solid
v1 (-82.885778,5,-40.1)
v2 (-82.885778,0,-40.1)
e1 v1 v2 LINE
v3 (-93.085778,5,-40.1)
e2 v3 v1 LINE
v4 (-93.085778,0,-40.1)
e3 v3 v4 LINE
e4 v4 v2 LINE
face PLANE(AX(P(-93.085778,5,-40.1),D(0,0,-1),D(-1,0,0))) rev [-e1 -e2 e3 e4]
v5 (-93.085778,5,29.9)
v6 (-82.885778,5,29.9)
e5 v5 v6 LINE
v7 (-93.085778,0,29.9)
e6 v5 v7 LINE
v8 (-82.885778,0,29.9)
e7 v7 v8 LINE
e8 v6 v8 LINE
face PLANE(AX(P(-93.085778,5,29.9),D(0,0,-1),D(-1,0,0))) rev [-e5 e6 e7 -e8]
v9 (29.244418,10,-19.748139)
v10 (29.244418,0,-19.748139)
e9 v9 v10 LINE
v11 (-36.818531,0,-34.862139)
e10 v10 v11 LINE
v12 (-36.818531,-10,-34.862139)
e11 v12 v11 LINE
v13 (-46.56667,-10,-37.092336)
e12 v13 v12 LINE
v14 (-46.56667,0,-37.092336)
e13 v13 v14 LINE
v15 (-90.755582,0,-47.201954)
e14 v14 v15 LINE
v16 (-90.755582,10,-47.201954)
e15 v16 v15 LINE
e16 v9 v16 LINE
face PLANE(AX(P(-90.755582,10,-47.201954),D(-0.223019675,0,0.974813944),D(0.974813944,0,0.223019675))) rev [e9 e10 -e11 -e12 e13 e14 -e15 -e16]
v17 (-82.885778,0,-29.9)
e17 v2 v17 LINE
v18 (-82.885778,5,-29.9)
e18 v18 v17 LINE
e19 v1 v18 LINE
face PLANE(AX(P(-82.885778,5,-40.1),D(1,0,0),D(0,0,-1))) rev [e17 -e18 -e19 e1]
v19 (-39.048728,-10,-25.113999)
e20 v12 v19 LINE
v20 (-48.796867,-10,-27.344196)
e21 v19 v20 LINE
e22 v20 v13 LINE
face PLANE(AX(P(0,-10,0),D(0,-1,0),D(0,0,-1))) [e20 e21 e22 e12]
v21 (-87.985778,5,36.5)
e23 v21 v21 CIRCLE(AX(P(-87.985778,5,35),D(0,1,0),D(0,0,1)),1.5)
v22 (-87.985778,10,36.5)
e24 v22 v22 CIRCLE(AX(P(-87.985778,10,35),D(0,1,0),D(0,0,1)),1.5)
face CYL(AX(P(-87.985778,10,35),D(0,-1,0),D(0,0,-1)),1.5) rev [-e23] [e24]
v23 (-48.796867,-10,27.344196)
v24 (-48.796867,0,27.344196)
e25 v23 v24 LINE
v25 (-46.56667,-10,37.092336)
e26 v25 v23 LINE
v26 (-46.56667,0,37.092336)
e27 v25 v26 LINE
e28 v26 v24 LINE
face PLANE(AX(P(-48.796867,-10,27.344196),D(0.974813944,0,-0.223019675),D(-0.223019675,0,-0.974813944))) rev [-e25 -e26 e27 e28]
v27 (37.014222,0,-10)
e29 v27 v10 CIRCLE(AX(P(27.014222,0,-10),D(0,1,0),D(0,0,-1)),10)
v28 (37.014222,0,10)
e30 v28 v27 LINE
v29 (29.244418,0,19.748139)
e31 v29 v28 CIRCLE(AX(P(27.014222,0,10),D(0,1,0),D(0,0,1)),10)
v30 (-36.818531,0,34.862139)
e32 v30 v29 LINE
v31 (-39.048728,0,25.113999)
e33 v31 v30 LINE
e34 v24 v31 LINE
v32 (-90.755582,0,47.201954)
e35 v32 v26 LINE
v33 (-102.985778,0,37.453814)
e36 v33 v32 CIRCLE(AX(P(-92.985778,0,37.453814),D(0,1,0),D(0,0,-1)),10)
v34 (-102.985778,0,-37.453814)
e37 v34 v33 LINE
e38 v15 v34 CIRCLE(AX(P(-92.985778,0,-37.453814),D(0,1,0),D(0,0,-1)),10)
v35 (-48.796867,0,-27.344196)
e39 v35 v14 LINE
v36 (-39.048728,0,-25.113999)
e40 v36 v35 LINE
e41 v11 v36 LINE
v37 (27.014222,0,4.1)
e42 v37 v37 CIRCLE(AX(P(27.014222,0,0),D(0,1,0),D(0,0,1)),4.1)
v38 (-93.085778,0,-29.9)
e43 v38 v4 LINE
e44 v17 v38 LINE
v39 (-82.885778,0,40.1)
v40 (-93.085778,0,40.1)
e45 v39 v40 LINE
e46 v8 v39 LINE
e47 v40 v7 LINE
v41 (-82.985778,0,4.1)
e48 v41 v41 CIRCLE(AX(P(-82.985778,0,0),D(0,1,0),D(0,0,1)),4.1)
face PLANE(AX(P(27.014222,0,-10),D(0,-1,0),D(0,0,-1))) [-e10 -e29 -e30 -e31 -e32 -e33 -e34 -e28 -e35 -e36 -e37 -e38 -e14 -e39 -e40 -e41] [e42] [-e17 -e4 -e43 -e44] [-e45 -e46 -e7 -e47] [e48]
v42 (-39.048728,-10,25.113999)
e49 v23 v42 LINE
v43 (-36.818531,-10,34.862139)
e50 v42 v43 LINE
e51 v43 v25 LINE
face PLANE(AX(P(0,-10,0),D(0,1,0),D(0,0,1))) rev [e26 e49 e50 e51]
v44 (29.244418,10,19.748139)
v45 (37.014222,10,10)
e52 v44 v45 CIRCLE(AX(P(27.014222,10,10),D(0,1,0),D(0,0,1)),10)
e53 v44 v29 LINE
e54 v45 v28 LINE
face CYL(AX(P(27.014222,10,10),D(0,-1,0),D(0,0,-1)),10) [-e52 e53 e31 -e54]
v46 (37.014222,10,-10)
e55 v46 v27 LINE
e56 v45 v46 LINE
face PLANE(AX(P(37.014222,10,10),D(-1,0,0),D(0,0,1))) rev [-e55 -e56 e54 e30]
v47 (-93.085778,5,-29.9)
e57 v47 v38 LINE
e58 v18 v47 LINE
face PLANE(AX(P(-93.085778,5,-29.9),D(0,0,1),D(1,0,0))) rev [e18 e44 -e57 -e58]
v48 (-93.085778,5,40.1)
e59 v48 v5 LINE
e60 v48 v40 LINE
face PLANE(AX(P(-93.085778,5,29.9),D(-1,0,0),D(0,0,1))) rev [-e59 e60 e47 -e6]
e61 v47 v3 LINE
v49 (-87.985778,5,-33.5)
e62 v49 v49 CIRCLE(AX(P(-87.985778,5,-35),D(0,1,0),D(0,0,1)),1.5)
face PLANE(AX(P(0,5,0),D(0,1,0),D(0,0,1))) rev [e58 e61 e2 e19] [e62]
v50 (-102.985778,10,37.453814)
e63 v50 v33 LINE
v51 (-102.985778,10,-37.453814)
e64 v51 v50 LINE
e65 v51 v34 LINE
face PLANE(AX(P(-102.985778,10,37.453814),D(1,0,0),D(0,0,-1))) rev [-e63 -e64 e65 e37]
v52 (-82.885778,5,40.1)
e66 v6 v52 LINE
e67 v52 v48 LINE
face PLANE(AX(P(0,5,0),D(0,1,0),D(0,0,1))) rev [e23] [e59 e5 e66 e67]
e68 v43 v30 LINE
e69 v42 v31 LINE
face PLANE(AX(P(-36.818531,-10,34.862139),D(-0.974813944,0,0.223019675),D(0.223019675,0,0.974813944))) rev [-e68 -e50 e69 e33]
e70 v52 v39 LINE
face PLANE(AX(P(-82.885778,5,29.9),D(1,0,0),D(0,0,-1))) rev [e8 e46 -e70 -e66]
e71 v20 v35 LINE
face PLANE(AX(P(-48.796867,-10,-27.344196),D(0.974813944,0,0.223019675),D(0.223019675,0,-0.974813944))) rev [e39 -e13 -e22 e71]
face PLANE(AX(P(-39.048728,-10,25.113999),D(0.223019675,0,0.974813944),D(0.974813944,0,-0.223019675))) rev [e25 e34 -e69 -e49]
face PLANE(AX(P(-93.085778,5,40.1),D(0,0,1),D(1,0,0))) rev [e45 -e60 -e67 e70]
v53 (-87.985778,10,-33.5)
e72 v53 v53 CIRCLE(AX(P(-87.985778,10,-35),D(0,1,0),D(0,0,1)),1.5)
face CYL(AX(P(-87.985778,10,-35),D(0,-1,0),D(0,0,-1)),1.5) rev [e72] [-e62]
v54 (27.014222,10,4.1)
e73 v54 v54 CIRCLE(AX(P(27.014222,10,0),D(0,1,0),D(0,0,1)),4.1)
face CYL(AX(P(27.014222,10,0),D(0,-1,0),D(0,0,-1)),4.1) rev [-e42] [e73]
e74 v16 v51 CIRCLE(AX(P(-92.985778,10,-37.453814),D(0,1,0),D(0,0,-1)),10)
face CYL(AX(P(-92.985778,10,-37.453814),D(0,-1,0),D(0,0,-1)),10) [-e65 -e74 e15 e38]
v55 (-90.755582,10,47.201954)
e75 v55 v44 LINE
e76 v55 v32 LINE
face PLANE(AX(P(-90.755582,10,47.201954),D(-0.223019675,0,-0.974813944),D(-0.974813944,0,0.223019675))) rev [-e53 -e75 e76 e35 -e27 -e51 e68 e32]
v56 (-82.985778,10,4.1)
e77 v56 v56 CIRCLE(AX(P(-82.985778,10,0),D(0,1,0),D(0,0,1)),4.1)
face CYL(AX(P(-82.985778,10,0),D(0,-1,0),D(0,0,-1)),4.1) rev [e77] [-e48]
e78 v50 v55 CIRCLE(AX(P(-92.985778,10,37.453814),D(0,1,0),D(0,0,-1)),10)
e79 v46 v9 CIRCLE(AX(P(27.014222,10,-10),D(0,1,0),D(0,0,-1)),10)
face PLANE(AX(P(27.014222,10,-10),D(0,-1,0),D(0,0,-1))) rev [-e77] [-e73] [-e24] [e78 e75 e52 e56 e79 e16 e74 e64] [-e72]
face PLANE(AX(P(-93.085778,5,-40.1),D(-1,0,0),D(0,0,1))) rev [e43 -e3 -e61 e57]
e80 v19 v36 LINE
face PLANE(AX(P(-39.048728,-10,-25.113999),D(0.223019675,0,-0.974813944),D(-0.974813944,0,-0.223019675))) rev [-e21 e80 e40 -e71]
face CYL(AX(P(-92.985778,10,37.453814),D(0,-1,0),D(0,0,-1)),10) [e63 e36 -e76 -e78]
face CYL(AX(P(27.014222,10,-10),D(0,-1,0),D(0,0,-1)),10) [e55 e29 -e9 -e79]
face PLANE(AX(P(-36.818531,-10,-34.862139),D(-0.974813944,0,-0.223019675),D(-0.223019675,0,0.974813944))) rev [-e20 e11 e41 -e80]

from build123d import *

# Parameters (mm, degrees)
SKETCH_1_R          = 4.1
SKETCH_1_R_2        = 1.5
EXTRUDE_1_DEPTH     = 10
SKETCH_2_W          = 10.2
SKETCH_2_H          = 10.2
CUT_EXTRUDE_1_DEPTH = 5
EXTRUDE_2_DEPTH     = 10


with BuildPart() as part:
    # ｽｹｯﾁ1 → ﾎﾞｽ - 押し出し1 (new body)
    with BuildSketch(Plane(origin=(0, 0, 0), x_dir=(1, 0, 0), z_dir=(0, 1, 0))):
        with BuildLine():
            Line((-90.755581693, -47.201953746), (29.244418307, -19.748139436))
            ThreePointArc((29.244418307, -19.748139436), (34.834131004, -16.232897902), (37.014221558, -10))
            Line((37.014221558, -10), (37.014221558, 10))
            ThreePointArc((37.014221558, 10), (34.834131004, 16.232897902), (29.244418307, 19.748139436))
            Line((29.244418307, 19.748139436), (-90.755581693, 47.201953746))
            ThreePointArc((-90.755581693, 47.201953746), (-99.218676344, 45.273723756), (-102.985778442, 37.45381431))
            Line((-102.985778442, 37.45381431), (-102.985778442, -37.45381431))
            ThreePointArc((-102.985778442, -37.45381431), (-99.218676344, -45.273723756), (-90.755581693, -47.201953746))
        make_face()
        with Locations(Location((-82.985778442, 0, 0), (0, 0, 270))):
            Circle(SKETCH_1_R, mode=Mode.SUBTRACT)
        with Locations(Location((27.014221558, 0, 0), (0, 0, 270))):
            Circle(SKETCH_1_R, mode=Mode.SUBTRACT)
        with Locations(Location((-87.985778442, 35, 0), (0, 0, 270))):
            Circle(SKETCH_1_R_2, mode=Mode.SUBTRACT)
        with Locations(Location((-87.985778442, -35, 0), (0, 0, 270))):
            Circle(SKETCH_1_R_2, mode=Mode.SUBTRACT)
    extrude(amount=EXTRUDE_1_DEPTH)

    # ｽｹｯﾁ2 → ｶｯﾄ - 押し出し1 (cut)
    with BuildSketch(Plane.XZ):
        with Locations((-87.985778442, 35)):
            Rectangle(SKETCH_2_W, SKETCH_2_H)
        with Locations((-87.985778442, -35)):
            Rectangle(SKETCH_2_W, SKETCH_2_H)
    extrude(amount=-CUT_EXTRUDE_1_DEPTH, mode=Mode.SUBTRACT)

    # ｽｹｯﾁ3 → ﾎﾞｽ - 押し出し2 (add)
    with BuildSketch(Plane.XZ):
        Polygon((-46.56667029, 37.092335677), (-36.818530855, 34.862138928), (-39.048727604, 25.113999492), (-48.79686704, 27.344196242), align=None)
        Polygon((-46.56667029, -37.092335677), (-36.818530855, -34.862138928), (-39.048727604, -25.113999492), (-48.79686704, -27.344196242), align=None)
    extrude(amount=EXTRUDE_2_DEPTH)


solid = part.part
